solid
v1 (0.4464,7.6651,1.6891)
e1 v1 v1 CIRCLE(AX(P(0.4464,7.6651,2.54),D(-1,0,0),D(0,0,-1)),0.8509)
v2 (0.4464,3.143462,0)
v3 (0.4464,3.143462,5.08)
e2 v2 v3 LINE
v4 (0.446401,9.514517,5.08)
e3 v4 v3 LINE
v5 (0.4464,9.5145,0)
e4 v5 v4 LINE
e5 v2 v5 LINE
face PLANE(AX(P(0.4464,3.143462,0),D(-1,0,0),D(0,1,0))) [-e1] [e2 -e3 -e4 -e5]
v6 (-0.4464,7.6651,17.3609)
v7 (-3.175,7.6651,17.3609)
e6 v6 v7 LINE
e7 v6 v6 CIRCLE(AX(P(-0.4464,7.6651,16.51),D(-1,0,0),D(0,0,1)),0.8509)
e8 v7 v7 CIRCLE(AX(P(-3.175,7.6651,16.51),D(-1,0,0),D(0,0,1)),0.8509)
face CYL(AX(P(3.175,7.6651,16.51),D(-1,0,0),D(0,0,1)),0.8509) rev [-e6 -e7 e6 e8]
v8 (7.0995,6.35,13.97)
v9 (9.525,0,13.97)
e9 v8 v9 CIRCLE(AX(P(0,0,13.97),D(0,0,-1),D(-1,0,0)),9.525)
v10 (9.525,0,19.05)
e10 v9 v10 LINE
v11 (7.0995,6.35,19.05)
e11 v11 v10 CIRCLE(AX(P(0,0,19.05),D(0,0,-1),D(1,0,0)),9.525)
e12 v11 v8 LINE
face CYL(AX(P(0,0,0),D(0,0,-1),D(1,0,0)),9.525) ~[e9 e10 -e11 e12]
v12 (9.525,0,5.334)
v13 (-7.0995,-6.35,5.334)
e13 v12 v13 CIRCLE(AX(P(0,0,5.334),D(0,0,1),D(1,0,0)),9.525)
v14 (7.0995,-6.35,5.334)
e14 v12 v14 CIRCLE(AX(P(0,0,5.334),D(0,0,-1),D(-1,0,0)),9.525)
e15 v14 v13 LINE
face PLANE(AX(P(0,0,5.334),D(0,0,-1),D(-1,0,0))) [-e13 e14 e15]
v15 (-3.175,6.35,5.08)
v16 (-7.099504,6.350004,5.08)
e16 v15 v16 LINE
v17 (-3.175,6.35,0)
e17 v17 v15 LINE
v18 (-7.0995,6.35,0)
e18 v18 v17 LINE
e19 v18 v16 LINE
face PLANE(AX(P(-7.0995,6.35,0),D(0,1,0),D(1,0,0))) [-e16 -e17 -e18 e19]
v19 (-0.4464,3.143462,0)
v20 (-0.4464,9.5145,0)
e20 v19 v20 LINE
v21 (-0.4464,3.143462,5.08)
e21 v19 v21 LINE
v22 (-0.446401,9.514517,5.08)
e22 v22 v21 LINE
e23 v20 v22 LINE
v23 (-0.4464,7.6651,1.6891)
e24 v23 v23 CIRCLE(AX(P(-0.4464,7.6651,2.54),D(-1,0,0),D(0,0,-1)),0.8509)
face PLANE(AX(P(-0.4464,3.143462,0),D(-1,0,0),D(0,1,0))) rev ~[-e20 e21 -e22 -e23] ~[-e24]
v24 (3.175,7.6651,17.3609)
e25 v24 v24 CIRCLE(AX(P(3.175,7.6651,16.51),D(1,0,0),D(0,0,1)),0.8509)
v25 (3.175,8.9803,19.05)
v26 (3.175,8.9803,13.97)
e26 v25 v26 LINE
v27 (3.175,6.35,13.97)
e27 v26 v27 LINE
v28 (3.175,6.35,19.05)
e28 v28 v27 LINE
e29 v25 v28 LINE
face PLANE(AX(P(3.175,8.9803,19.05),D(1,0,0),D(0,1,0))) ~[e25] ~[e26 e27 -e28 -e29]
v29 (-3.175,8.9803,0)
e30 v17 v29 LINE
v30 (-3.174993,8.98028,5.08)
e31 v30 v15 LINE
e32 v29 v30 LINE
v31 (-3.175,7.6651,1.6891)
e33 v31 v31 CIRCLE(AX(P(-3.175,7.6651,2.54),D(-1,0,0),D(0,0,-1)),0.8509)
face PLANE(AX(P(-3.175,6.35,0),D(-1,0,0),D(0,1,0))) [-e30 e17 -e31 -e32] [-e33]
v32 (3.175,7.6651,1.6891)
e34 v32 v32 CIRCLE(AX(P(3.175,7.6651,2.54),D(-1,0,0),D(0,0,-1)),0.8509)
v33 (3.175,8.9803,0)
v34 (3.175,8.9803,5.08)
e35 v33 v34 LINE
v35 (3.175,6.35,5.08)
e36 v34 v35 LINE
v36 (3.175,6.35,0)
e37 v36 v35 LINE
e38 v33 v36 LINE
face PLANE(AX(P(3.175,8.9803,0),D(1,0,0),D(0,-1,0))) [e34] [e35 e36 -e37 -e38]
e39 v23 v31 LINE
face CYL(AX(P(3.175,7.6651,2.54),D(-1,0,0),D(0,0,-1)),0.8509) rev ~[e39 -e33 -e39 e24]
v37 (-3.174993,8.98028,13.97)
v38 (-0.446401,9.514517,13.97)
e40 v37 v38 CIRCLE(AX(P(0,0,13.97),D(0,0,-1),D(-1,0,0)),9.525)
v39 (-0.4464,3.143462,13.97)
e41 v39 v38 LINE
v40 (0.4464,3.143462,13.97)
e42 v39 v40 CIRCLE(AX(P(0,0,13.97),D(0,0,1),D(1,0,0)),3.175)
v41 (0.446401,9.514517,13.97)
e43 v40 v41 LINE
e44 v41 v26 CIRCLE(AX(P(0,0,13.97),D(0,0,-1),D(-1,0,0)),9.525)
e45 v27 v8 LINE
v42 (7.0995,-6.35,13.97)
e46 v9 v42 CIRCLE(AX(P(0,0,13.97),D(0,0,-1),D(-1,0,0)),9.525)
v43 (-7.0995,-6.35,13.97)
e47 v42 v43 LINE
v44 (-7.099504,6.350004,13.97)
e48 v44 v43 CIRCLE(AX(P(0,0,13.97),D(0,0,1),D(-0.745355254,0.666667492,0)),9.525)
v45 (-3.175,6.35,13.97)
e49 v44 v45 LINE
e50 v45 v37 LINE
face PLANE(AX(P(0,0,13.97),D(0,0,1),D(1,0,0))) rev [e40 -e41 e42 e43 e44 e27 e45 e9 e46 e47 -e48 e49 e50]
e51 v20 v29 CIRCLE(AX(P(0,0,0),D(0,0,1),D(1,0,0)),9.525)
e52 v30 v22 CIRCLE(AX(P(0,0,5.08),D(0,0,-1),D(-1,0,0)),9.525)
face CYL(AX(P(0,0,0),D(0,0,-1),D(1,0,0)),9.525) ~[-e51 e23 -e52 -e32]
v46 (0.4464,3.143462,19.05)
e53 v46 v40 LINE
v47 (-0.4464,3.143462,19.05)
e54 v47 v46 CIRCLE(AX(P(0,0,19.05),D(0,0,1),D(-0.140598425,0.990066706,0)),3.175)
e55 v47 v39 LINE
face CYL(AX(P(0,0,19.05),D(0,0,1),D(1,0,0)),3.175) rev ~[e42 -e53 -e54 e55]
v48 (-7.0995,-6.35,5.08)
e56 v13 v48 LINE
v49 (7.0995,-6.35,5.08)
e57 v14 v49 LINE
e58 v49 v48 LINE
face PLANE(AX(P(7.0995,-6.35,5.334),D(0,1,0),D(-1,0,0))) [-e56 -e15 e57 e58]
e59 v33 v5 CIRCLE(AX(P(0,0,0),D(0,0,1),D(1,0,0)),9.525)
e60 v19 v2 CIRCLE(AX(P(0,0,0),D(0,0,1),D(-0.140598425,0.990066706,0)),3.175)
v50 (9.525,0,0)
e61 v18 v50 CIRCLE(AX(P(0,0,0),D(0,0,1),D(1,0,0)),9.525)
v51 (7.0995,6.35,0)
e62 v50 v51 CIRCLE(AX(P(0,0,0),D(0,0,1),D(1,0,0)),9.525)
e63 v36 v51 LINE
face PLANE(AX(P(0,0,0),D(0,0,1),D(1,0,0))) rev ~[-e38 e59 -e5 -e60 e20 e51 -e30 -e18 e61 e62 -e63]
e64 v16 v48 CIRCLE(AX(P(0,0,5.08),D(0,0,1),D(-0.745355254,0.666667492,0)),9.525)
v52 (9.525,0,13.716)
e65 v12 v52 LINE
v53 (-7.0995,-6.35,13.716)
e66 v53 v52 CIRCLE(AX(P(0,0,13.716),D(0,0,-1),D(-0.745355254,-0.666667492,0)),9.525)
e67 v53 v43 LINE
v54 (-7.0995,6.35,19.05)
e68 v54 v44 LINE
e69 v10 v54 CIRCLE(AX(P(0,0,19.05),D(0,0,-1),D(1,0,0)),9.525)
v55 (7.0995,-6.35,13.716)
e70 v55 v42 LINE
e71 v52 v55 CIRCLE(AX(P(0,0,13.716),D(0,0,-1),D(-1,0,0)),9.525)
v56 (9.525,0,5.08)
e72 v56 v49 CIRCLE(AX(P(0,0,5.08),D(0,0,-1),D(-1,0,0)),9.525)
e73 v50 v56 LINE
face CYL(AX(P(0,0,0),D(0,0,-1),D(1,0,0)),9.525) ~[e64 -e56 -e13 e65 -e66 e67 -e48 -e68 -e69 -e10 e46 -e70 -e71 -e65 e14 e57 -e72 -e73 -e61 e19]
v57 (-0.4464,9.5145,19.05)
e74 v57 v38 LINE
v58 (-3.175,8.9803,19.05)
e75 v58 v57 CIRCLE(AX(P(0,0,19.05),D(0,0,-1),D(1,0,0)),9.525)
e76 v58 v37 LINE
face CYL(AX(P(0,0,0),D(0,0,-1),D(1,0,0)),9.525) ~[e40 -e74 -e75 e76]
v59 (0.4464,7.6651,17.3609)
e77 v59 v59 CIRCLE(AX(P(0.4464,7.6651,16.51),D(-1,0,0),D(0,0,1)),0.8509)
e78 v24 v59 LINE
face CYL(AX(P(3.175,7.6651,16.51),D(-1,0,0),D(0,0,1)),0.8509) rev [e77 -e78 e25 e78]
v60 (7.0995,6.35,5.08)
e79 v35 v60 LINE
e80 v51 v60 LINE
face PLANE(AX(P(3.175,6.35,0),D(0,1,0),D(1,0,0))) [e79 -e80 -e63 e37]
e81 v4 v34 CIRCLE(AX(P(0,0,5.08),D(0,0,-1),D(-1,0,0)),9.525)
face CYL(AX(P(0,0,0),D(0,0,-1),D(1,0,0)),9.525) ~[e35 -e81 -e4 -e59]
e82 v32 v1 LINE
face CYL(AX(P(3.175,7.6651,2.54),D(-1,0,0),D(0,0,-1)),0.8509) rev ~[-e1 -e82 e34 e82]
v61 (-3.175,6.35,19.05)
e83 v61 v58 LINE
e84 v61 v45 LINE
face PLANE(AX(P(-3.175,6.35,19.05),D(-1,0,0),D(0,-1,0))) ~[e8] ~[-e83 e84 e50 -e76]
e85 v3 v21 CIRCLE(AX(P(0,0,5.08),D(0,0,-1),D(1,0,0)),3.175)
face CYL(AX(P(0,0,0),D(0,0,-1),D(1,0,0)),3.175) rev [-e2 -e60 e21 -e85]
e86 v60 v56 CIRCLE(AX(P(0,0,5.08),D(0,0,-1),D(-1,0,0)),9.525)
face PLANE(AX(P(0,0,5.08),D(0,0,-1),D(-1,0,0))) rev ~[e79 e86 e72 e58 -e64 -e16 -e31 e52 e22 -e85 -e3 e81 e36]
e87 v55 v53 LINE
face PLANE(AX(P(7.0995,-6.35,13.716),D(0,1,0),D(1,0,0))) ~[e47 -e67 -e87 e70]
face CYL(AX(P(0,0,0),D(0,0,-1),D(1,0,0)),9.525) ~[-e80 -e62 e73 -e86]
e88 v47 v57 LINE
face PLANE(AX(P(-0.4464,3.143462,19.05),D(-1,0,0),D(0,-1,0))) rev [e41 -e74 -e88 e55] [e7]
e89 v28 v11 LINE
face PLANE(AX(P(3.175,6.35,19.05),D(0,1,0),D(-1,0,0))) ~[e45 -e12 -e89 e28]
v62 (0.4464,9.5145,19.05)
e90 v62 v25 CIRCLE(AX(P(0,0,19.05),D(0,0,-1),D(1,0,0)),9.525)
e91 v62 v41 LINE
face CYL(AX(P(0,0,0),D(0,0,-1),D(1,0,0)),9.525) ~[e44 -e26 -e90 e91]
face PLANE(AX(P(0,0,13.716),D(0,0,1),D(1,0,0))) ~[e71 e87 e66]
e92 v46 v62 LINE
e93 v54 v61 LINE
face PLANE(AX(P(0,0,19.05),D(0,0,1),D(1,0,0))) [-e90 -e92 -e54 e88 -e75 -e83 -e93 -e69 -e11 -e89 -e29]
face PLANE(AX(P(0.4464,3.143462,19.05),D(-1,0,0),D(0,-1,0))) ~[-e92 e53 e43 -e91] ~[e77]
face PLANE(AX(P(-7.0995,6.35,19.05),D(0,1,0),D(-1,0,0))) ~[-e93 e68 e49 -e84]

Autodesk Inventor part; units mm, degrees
ref_plane "YZ Plane" through (0, 0, 0) normal (1, 0, 0) x (0, 1, 0)
ref_plane "XZ Plane" through (0, 0, 0) normal (0, 1, 0) x (-1, 0, 0)
sketch "Sketch1" plane through (0, 0, 0) normal (0, 0, 1) x (1, 0, 0)
  circle A0 centre (0, 0) radius 9.525
  circle A1 centre (0, 0) radius 3.175
  line L0 (0, 0) -> (-0.4464, 0)
  line L1 (-0.4464, 0) -> (-0.4464, 9.5145)
  line L2 (0, 0) -> (0.4464, 0)
  line L3 (0.4464, 0) -> (0.4464, 9.5145)
  line L4 (0, 0) -> (0, 9.525)
  line L5 (-7.0995, 6.35) -> (-3.175, 6.35)
  line L6 (-3.175, 6.35) -> (-3.175, 8.9803)
  line L7 (3.175, 8.9803) -> (3.175, 6.35)
  line L8 (3.175, 6.35) -> (7.0995, 6.35)
  dimension "d0" = 19.05
  dimension "d1" = 6.35
  dimension "d4" = 3.175
  dimension "d5" = 0.4464
  dimension "d6" = 3.175
  dimension "d7" = 3.175
extrude "Extrusion1" add sketch "Sketch1" along normal blind 19.05
extrude "Extrusion2" cut sketch "Sketch1" along normal blind 5.334 contours L8 L7 A0 | A0 L6 L5 | L3 A1 L4 A0 | A0 L4 A1 L1 | L3 L2 L4 A1 | A1 L1 L0 L2 L3 | A1 L4 L0 L1
sketch "Sketch2" plane through (0, 0, 5.334) normal (0, 0, -1) x (-1, 0, 0)
  line L0 (-3.175, 8.9803) -> (-3.175, 6.35) projected
  arc A0 (-3.175, 8.9803) -> (-7.0995, 6.35) centre (0, 0) ccw projected
  line L1 (-3.175, 6.35) -> (-7.0995, 6.35) projected
  circle A1 centre (0, 0) radius 9.525
  line L2 (-7.0995, -6.35) -> (7.0995, -6.35)
  dimension "d10" = 6.35
extrude "Extrusion3" cut sketch "Sketch2" along normal blind 0.254 contours A1 L2 L1 L0
ref_plane "Work Plane1" through (0, 0, 9.525) normal (0, 0, -1) x (-1, 0, 0)
sketch "Sketch3" plane through (3.175, 6.35, 0) normal (1, 0, 0) x (0, 0, -1)
  line L0 (0, 0) -> (-5.08, 0) projected
  line L1 (0, 2.6303) -> (0, 0) projected
  point P0 (0, -6.35)
  point P1 (-2.54, 1.3151)
  dimension "d14" = 2.54
  dimension "d15" = 1.3151
hole "Hole1" at (3.175, 7.6651, 2.54) direction (-1, 0, 0) diameter 1.7018 depth 25.4 tip angle 118
mirror "Mirror1" about plane through (0, 0, 9.525) normal (0, 0, -1) of "Extrusion2", "Extrusion3", "Hole1"
equation "\"d7\" = d6"
properties part number "Flexible Shaft Coupler 6208K411"
